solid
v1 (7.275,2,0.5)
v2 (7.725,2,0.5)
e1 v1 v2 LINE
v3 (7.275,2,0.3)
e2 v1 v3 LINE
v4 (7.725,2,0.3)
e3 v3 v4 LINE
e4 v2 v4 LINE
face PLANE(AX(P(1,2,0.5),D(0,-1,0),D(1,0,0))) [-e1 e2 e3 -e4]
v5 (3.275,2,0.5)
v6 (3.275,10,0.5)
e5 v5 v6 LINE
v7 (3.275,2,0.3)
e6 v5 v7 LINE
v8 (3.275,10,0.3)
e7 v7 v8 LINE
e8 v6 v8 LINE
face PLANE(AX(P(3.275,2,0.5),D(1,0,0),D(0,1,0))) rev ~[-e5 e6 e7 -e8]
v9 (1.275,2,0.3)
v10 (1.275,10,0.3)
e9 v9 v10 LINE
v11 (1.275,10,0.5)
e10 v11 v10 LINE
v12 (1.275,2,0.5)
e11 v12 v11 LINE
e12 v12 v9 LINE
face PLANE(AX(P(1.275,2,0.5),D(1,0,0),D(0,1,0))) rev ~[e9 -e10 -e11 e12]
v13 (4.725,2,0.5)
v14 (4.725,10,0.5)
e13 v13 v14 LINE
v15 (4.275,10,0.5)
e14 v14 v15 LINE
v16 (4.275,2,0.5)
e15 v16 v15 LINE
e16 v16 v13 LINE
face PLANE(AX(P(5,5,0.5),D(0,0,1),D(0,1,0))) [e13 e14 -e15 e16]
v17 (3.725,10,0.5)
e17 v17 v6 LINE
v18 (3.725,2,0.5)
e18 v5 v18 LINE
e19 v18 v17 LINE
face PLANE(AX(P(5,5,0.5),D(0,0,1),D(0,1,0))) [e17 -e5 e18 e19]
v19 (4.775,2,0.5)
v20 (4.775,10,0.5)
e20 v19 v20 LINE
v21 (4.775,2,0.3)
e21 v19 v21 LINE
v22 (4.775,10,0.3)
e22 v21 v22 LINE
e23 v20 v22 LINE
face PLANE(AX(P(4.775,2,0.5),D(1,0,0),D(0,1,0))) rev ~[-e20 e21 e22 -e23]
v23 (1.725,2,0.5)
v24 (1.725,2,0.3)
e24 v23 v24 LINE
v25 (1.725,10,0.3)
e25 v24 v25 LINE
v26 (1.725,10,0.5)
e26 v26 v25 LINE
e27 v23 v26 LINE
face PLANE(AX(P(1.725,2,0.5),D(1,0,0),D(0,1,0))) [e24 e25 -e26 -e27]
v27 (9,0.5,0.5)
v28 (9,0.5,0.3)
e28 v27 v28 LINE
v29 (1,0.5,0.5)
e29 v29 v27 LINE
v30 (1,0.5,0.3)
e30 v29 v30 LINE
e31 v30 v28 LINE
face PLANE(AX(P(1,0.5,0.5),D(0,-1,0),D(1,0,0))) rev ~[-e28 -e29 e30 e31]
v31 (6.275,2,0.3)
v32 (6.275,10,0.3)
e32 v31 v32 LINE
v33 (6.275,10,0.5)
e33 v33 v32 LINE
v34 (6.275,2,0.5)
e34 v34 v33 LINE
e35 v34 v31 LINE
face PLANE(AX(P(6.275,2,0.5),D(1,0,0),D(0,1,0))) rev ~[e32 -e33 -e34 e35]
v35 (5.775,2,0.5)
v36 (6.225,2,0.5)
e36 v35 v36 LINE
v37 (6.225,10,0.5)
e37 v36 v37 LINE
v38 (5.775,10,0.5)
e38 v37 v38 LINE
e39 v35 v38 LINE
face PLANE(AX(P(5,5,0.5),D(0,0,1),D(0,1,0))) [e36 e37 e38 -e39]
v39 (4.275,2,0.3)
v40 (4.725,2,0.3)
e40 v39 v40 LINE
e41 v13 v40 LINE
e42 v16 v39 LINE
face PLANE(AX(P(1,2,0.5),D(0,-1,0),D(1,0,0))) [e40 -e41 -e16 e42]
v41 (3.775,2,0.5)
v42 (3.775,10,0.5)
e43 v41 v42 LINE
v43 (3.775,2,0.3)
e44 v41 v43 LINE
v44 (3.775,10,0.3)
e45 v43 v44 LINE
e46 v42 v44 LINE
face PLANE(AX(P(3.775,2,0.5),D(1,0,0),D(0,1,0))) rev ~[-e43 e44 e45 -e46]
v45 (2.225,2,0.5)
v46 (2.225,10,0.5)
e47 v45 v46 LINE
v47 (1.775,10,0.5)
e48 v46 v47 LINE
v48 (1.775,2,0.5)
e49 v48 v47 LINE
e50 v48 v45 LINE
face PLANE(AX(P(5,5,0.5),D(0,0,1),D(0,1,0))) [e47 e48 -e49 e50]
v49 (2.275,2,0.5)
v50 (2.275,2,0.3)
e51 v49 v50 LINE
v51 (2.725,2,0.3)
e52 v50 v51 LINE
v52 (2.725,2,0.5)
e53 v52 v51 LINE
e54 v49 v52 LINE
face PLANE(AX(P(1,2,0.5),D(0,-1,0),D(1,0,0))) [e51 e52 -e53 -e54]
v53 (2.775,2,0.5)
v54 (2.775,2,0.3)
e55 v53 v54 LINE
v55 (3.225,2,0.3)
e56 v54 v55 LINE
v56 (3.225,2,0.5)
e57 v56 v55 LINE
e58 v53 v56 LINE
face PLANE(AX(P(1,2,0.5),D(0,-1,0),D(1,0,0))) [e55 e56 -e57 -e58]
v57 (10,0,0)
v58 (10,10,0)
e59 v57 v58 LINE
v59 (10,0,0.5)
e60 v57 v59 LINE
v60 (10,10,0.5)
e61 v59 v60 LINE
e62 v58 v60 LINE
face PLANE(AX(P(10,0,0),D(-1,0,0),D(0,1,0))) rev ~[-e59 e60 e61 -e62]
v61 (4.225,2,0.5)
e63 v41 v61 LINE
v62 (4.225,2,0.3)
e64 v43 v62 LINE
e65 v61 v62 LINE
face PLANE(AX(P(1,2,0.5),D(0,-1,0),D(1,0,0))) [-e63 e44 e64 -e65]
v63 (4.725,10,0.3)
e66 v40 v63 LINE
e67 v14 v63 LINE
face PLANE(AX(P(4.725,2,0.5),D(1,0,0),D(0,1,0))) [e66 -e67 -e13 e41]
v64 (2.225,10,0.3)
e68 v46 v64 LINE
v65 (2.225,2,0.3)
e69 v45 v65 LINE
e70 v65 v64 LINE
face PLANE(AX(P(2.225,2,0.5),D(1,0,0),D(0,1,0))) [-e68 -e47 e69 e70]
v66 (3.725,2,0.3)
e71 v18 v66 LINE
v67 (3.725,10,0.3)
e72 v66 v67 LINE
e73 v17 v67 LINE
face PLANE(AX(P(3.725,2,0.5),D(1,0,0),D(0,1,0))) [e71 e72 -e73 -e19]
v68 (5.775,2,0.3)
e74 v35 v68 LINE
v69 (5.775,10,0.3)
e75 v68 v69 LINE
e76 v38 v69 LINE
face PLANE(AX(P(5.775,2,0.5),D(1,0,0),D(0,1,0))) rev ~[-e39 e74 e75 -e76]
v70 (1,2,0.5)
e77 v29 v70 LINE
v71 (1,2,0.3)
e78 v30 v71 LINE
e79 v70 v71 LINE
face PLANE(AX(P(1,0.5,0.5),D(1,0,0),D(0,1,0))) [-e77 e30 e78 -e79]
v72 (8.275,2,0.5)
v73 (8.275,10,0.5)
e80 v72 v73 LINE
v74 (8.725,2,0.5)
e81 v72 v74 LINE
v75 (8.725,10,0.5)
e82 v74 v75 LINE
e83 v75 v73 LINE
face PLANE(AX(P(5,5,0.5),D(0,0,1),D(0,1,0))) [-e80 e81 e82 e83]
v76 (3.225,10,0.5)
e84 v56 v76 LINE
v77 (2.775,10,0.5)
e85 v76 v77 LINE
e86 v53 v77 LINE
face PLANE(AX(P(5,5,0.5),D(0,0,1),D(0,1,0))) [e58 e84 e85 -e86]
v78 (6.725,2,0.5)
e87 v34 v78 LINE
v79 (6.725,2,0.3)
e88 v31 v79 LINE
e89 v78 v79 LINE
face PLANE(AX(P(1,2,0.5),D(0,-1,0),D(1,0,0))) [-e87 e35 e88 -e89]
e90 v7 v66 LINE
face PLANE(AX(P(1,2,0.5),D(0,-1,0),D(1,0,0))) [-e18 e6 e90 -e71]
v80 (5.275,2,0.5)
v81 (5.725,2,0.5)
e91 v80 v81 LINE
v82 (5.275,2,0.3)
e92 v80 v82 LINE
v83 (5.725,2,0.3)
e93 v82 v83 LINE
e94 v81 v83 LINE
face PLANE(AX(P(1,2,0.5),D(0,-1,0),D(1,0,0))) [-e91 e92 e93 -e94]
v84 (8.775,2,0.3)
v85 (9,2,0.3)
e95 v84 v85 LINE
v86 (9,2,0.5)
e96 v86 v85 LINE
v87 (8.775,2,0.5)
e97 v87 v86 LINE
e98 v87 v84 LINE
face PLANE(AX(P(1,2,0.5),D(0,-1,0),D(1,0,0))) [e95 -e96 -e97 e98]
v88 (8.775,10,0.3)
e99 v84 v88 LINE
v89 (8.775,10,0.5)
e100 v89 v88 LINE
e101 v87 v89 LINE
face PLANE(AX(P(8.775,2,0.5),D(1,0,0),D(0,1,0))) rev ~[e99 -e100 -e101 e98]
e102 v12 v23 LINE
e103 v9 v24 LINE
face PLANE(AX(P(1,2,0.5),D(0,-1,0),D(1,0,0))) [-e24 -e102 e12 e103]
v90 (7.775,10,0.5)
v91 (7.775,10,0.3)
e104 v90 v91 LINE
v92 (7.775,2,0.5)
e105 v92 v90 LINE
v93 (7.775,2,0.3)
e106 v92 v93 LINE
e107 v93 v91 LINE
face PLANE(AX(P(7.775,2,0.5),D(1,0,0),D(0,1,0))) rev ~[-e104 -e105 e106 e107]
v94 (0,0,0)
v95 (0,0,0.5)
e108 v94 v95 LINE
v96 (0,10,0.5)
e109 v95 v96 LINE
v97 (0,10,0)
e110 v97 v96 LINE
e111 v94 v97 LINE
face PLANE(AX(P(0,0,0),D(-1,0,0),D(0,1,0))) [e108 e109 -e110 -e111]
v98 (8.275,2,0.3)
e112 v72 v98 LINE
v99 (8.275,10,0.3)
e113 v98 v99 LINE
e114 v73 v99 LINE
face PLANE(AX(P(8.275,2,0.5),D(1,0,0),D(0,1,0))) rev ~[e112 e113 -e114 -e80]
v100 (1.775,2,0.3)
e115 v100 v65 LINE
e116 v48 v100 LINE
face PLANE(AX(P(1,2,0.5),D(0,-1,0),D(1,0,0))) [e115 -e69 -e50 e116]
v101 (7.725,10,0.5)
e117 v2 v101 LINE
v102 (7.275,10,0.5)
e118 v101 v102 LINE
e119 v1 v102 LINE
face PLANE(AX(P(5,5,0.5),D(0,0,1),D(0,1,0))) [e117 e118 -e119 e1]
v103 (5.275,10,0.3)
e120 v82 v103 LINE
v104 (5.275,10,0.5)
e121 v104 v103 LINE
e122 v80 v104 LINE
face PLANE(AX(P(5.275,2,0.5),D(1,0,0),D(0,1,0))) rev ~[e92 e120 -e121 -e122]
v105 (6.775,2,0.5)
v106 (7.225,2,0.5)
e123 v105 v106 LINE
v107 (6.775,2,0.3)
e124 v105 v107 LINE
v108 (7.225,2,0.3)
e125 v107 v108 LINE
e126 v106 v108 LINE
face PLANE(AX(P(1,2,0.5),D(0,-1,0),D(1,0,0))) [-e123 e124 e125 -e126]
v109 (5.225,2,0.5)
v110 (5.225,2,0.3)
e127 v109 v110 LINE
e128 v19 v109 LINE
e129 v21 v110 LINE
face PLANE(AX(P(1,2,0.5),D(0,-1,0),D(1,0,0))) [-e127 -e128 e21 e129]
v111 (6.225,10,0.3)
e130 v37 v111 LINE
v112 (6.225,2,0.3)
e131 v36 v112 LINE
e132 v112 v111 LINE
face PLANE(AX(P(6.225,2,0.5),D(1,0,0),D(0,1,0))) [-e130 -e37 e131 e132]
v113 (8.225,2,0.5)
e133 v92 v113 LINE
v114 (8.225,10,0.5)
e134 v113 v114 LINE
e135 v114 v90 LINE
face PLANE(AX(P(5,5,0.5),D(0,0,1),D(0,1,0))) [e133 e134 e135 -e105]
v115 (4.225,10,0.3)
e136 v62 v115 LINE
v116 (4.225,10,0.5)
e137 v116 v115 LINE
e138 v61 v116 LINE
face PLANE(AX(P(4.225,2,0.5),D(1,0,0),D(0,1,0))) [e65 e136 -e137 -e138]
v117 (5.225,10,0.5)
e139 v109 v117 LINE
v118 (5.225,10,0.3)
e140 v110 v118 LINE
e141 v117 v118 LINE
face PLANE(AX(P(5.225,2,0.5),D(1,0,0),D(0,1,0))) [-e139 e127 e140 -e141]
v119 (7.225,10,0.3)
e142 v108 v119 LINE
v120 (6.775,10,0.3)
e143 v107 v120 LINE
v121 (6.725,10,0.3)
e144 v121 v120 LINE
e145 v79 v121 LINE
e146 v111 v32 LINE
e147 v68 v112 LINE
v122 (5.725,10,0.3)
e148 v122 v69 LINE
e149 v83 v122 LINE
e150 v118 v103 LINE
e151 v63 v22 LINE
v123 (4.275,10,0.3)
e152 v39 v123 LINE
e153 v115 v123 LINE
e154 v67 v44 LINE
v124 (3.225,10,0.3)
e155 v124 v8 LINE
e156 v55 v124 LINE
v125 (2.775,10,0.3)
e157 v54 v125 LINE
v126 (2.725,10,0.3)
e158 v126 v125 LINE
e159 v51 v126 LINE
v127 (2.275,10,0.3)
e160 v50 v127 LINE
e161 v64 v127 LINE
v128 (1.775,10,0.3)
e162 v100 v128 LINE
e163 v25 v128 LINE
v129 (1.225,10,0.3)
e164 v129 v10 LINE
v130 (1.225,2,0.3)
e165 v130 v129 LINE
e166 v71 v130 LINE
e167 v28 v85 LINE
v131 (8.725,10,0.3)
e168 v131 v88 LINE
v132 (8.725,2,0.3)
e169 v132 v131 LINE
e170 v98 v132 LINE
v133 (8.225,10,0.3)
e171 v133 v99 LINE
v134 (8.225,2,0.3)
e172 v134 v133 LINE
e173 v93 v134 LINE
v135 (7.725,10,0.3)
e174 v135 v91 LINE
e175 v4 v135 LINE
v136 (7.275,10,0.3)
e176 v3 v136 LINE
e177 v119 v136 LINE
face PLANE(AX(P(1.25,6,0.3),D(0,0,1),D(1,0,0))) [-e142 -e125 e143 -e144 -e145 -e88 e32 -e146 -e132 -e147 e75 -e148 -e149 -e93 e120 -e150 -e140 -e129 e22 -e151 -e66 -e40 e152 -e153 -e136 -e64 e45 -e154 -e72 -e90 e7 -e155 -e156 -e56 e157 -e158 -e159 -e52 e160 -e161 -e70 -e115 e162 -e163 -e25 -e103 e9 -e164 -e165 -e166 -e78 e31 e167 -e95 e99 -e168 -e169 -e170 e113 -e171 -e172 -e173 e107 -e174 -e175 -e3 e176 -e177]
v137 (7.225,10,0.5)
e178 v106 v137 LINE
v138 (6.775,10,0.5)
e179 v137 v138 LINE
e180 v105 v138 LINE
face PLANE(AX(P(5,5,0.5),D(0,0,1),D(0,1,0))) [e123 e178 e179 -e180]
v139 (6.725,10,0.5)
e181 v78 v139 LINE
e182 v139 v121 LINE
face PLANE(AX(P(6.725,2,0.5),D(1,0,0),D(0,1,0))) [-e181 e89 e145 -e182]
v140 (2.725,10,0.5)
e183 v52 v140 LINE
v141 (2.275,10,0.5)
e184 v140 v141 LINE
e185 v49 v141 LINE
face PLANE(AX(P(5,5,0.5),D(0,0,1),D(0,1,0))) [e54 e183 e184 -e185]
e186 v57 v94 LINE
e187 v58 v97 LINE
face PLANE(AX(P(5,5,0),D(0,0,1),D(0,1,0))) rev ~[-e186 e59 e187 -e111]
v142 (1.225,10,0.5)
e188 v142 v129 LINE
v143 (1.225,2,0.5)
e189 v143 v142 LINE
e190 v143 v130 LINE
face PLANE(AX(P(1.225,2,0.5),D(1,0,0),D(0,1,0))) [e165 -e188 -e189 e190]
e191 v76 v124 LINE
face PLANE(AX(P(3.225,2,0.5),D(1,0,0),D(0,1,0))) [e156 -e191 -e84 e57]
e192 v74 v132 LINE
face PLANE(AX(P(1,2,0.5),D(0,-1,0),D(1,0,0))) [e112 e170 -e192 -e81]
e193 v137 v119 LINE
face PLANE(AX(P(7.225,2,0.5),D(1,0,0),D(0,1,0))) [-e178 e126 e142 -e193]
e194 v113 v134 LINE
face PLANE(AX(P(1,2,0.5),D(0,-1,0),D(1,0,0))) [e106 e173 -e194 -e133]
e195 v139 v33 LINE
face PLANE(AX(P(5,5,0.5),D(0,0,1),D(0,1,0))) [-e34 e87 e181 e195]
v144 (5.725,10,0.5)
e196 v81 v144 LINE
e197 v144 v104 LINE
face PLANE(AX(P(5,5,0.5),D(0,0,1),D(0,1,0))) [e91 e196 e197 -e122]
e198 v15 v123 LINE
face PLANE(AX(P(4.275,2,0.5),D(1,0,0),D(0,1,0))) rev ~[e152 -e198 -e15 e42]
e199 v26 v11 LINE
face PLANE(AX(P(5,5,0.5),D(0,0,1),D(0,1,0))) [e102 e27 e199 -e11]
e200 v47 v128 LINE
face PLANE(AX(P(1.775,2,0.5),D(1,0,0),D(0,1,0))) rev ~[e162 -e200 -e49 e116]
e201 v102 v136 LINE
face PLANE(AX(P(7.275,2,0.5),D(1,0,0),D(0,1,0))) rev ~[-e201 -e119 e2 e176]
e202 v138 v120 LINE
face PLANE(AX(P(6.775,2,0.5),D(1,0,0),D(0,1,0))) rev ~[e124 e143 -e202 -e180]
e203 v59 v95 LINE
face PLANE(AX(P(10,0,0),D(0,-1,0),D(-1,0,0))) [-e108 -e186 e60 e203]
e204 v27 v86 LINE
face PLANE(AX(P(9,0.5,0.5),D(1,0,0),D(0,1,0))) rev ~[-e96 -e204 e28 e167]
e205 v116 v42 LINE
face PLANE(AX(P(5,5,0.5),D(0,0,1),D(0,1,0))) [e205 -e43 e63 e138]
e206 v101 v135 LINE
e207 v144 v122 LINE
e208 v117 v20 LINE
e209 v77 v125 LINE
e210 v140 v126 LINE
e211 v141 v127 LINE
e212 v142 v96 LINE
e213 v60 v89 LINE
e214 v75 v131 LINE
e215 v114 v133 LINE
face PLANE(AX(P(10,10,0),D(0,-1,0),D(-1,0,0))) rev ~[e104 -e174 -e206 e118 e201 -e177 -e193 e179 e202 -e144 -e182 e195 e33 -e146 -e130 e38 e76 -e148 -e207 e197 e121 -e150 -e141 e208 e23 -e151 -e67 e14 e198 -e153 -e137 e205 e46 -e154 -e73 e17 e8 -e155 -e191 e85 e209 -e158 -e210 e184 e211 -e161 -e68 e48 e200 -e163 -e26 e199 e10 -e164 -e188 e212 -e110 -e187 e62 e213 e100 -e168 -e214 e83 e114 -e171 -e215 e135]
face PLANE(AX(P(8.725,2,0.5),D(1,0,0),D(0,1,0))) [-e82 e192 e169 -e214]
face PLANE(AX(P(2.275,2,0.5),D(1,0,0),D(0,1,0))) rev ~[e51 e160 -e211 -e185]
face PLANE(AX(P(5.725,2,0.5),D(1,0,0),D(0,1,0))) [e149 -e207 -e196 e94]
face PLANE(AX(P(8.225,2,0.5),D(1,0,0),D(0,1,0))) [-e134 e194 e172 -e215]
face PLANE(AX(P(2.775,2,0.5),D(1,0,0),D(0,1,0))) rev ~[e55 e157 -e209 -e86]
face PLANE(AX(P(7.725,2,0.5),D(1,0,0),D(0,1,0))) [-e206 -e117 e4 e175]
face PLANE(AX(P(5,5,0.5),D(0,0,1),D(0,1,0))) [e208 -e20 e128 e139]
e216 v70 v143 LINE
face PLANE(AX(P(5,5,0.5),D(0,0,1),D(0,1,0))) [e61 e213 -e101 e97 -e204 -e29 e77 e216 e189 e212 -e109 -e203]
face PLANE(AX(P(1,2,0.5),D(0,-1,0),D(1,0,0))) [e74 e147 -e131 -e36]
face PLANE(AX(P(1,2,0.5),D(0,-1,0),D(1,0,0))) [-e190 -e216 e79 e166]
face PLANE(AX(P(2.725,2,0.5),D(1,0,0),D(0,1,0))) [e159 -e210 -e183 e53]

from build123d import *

# Parameters (mm, degrees)
SKETCH1_W           = 10
SKETCH1_H           = 10
BOSS_EXTRUDE1_DEPTH = 0.5
SKETCH2_W           = 8
SKETCH2_H           = 1.5
CUT_EXTRUDE1_DEPTH  = 0.2
SKETCH3_W           = 0.05
SKETCH3_H           = 8
CUT_EXTRUDE2_DEPTH  = 0.2


with BuildPart() as part:
    # Sketch1 → Boss-Extrude1 (new body)
    with BuildSketch(Plane(origin=(0, 0, 0), x_dir=(0, 1, 0), z_dir=(0, 0, 1))):
        with Locations((5, -5)):
            Rectangle(SKETCH1_W, SKETCH1_H)
    extrude(amount=BOSS_EXTRUDE1_DEPTH)

    # Sketch2 → Cut-Extrude1 (cut)
    with BuildSketch(Plane.XY.offset(0.5)):
        with Locations((5, 1.25)):
            Rectangle(SKETCH2_W, SKETCH2_H)
    extrude(amount=-CUT_EXTRUDE1_DEPTH, mode=Mode.SUBTRACT)

    # Sketch3 → Cut-Extrude2 (cut)
    with BuildSketch(Plane.XY.offset(0.5)):
        with Locations((1.25, 6)):
            Rectangle(SKETCH3_W, SKETCH3_H)
        with Locations((1.75, 6)):
            Rectangle(SKETCH3_W, SKETCH3_H)
        with Locations((2.25, 6)):
            Rectangle(SKETCH3_W, SKETCH3_H)
        with Locations((2.75, 6)):
            Rectangle(SKETCH3_W, SKETCH3_H)
        with Locations((3.25, 6)):
            Rectangle(SKETCH3_W, SKETCH3_H)
        with Locations((3.75, 6)):
            Rectangle(SKETCH3_W, SKETCH3_H)
        with Locations((4.25, 6)):
            Rectangle(SKETCH3_W, SKETCH3_H)
        with Locations((4.75, 6)):
            Rectangle(SKETCH3_W, SKETCH3_H)
        with Locations((5.25, 6)):
            Rectangle(SKETCH3_W, SKETCH3_H)
        with Locations((5.75, 6)):
            Rectangle(SKETCH3_W, SKETCH3_H)
        with Locations((6.25, 6)):
            Rectangle(SKETCH3_W, SKETCH3_H)
        with Locations((6.75, 6)):
            Rectangle(SKETCH3_W, SKETCH3_H)
        with Locations((7.25, 6)):
            Rectangle(SKETCH3_W, SKETCH3_H)
        with Locations((7.75, 6)):
            Rectangle(SKETCH3_W, SKETCH3_H)
        with Locations((8.25, 6)):
            Rectangle(SKETCH3_W, SKETCH3_H)
        with Locations((8.75, 6)):
            Rectangle(SKETCH3_W, SKETCH3_H)
    extrude(amount=-CUT_EXTRUDE2_DEPTH, mode=Mode.SUBTRACT)


solid = part.part
